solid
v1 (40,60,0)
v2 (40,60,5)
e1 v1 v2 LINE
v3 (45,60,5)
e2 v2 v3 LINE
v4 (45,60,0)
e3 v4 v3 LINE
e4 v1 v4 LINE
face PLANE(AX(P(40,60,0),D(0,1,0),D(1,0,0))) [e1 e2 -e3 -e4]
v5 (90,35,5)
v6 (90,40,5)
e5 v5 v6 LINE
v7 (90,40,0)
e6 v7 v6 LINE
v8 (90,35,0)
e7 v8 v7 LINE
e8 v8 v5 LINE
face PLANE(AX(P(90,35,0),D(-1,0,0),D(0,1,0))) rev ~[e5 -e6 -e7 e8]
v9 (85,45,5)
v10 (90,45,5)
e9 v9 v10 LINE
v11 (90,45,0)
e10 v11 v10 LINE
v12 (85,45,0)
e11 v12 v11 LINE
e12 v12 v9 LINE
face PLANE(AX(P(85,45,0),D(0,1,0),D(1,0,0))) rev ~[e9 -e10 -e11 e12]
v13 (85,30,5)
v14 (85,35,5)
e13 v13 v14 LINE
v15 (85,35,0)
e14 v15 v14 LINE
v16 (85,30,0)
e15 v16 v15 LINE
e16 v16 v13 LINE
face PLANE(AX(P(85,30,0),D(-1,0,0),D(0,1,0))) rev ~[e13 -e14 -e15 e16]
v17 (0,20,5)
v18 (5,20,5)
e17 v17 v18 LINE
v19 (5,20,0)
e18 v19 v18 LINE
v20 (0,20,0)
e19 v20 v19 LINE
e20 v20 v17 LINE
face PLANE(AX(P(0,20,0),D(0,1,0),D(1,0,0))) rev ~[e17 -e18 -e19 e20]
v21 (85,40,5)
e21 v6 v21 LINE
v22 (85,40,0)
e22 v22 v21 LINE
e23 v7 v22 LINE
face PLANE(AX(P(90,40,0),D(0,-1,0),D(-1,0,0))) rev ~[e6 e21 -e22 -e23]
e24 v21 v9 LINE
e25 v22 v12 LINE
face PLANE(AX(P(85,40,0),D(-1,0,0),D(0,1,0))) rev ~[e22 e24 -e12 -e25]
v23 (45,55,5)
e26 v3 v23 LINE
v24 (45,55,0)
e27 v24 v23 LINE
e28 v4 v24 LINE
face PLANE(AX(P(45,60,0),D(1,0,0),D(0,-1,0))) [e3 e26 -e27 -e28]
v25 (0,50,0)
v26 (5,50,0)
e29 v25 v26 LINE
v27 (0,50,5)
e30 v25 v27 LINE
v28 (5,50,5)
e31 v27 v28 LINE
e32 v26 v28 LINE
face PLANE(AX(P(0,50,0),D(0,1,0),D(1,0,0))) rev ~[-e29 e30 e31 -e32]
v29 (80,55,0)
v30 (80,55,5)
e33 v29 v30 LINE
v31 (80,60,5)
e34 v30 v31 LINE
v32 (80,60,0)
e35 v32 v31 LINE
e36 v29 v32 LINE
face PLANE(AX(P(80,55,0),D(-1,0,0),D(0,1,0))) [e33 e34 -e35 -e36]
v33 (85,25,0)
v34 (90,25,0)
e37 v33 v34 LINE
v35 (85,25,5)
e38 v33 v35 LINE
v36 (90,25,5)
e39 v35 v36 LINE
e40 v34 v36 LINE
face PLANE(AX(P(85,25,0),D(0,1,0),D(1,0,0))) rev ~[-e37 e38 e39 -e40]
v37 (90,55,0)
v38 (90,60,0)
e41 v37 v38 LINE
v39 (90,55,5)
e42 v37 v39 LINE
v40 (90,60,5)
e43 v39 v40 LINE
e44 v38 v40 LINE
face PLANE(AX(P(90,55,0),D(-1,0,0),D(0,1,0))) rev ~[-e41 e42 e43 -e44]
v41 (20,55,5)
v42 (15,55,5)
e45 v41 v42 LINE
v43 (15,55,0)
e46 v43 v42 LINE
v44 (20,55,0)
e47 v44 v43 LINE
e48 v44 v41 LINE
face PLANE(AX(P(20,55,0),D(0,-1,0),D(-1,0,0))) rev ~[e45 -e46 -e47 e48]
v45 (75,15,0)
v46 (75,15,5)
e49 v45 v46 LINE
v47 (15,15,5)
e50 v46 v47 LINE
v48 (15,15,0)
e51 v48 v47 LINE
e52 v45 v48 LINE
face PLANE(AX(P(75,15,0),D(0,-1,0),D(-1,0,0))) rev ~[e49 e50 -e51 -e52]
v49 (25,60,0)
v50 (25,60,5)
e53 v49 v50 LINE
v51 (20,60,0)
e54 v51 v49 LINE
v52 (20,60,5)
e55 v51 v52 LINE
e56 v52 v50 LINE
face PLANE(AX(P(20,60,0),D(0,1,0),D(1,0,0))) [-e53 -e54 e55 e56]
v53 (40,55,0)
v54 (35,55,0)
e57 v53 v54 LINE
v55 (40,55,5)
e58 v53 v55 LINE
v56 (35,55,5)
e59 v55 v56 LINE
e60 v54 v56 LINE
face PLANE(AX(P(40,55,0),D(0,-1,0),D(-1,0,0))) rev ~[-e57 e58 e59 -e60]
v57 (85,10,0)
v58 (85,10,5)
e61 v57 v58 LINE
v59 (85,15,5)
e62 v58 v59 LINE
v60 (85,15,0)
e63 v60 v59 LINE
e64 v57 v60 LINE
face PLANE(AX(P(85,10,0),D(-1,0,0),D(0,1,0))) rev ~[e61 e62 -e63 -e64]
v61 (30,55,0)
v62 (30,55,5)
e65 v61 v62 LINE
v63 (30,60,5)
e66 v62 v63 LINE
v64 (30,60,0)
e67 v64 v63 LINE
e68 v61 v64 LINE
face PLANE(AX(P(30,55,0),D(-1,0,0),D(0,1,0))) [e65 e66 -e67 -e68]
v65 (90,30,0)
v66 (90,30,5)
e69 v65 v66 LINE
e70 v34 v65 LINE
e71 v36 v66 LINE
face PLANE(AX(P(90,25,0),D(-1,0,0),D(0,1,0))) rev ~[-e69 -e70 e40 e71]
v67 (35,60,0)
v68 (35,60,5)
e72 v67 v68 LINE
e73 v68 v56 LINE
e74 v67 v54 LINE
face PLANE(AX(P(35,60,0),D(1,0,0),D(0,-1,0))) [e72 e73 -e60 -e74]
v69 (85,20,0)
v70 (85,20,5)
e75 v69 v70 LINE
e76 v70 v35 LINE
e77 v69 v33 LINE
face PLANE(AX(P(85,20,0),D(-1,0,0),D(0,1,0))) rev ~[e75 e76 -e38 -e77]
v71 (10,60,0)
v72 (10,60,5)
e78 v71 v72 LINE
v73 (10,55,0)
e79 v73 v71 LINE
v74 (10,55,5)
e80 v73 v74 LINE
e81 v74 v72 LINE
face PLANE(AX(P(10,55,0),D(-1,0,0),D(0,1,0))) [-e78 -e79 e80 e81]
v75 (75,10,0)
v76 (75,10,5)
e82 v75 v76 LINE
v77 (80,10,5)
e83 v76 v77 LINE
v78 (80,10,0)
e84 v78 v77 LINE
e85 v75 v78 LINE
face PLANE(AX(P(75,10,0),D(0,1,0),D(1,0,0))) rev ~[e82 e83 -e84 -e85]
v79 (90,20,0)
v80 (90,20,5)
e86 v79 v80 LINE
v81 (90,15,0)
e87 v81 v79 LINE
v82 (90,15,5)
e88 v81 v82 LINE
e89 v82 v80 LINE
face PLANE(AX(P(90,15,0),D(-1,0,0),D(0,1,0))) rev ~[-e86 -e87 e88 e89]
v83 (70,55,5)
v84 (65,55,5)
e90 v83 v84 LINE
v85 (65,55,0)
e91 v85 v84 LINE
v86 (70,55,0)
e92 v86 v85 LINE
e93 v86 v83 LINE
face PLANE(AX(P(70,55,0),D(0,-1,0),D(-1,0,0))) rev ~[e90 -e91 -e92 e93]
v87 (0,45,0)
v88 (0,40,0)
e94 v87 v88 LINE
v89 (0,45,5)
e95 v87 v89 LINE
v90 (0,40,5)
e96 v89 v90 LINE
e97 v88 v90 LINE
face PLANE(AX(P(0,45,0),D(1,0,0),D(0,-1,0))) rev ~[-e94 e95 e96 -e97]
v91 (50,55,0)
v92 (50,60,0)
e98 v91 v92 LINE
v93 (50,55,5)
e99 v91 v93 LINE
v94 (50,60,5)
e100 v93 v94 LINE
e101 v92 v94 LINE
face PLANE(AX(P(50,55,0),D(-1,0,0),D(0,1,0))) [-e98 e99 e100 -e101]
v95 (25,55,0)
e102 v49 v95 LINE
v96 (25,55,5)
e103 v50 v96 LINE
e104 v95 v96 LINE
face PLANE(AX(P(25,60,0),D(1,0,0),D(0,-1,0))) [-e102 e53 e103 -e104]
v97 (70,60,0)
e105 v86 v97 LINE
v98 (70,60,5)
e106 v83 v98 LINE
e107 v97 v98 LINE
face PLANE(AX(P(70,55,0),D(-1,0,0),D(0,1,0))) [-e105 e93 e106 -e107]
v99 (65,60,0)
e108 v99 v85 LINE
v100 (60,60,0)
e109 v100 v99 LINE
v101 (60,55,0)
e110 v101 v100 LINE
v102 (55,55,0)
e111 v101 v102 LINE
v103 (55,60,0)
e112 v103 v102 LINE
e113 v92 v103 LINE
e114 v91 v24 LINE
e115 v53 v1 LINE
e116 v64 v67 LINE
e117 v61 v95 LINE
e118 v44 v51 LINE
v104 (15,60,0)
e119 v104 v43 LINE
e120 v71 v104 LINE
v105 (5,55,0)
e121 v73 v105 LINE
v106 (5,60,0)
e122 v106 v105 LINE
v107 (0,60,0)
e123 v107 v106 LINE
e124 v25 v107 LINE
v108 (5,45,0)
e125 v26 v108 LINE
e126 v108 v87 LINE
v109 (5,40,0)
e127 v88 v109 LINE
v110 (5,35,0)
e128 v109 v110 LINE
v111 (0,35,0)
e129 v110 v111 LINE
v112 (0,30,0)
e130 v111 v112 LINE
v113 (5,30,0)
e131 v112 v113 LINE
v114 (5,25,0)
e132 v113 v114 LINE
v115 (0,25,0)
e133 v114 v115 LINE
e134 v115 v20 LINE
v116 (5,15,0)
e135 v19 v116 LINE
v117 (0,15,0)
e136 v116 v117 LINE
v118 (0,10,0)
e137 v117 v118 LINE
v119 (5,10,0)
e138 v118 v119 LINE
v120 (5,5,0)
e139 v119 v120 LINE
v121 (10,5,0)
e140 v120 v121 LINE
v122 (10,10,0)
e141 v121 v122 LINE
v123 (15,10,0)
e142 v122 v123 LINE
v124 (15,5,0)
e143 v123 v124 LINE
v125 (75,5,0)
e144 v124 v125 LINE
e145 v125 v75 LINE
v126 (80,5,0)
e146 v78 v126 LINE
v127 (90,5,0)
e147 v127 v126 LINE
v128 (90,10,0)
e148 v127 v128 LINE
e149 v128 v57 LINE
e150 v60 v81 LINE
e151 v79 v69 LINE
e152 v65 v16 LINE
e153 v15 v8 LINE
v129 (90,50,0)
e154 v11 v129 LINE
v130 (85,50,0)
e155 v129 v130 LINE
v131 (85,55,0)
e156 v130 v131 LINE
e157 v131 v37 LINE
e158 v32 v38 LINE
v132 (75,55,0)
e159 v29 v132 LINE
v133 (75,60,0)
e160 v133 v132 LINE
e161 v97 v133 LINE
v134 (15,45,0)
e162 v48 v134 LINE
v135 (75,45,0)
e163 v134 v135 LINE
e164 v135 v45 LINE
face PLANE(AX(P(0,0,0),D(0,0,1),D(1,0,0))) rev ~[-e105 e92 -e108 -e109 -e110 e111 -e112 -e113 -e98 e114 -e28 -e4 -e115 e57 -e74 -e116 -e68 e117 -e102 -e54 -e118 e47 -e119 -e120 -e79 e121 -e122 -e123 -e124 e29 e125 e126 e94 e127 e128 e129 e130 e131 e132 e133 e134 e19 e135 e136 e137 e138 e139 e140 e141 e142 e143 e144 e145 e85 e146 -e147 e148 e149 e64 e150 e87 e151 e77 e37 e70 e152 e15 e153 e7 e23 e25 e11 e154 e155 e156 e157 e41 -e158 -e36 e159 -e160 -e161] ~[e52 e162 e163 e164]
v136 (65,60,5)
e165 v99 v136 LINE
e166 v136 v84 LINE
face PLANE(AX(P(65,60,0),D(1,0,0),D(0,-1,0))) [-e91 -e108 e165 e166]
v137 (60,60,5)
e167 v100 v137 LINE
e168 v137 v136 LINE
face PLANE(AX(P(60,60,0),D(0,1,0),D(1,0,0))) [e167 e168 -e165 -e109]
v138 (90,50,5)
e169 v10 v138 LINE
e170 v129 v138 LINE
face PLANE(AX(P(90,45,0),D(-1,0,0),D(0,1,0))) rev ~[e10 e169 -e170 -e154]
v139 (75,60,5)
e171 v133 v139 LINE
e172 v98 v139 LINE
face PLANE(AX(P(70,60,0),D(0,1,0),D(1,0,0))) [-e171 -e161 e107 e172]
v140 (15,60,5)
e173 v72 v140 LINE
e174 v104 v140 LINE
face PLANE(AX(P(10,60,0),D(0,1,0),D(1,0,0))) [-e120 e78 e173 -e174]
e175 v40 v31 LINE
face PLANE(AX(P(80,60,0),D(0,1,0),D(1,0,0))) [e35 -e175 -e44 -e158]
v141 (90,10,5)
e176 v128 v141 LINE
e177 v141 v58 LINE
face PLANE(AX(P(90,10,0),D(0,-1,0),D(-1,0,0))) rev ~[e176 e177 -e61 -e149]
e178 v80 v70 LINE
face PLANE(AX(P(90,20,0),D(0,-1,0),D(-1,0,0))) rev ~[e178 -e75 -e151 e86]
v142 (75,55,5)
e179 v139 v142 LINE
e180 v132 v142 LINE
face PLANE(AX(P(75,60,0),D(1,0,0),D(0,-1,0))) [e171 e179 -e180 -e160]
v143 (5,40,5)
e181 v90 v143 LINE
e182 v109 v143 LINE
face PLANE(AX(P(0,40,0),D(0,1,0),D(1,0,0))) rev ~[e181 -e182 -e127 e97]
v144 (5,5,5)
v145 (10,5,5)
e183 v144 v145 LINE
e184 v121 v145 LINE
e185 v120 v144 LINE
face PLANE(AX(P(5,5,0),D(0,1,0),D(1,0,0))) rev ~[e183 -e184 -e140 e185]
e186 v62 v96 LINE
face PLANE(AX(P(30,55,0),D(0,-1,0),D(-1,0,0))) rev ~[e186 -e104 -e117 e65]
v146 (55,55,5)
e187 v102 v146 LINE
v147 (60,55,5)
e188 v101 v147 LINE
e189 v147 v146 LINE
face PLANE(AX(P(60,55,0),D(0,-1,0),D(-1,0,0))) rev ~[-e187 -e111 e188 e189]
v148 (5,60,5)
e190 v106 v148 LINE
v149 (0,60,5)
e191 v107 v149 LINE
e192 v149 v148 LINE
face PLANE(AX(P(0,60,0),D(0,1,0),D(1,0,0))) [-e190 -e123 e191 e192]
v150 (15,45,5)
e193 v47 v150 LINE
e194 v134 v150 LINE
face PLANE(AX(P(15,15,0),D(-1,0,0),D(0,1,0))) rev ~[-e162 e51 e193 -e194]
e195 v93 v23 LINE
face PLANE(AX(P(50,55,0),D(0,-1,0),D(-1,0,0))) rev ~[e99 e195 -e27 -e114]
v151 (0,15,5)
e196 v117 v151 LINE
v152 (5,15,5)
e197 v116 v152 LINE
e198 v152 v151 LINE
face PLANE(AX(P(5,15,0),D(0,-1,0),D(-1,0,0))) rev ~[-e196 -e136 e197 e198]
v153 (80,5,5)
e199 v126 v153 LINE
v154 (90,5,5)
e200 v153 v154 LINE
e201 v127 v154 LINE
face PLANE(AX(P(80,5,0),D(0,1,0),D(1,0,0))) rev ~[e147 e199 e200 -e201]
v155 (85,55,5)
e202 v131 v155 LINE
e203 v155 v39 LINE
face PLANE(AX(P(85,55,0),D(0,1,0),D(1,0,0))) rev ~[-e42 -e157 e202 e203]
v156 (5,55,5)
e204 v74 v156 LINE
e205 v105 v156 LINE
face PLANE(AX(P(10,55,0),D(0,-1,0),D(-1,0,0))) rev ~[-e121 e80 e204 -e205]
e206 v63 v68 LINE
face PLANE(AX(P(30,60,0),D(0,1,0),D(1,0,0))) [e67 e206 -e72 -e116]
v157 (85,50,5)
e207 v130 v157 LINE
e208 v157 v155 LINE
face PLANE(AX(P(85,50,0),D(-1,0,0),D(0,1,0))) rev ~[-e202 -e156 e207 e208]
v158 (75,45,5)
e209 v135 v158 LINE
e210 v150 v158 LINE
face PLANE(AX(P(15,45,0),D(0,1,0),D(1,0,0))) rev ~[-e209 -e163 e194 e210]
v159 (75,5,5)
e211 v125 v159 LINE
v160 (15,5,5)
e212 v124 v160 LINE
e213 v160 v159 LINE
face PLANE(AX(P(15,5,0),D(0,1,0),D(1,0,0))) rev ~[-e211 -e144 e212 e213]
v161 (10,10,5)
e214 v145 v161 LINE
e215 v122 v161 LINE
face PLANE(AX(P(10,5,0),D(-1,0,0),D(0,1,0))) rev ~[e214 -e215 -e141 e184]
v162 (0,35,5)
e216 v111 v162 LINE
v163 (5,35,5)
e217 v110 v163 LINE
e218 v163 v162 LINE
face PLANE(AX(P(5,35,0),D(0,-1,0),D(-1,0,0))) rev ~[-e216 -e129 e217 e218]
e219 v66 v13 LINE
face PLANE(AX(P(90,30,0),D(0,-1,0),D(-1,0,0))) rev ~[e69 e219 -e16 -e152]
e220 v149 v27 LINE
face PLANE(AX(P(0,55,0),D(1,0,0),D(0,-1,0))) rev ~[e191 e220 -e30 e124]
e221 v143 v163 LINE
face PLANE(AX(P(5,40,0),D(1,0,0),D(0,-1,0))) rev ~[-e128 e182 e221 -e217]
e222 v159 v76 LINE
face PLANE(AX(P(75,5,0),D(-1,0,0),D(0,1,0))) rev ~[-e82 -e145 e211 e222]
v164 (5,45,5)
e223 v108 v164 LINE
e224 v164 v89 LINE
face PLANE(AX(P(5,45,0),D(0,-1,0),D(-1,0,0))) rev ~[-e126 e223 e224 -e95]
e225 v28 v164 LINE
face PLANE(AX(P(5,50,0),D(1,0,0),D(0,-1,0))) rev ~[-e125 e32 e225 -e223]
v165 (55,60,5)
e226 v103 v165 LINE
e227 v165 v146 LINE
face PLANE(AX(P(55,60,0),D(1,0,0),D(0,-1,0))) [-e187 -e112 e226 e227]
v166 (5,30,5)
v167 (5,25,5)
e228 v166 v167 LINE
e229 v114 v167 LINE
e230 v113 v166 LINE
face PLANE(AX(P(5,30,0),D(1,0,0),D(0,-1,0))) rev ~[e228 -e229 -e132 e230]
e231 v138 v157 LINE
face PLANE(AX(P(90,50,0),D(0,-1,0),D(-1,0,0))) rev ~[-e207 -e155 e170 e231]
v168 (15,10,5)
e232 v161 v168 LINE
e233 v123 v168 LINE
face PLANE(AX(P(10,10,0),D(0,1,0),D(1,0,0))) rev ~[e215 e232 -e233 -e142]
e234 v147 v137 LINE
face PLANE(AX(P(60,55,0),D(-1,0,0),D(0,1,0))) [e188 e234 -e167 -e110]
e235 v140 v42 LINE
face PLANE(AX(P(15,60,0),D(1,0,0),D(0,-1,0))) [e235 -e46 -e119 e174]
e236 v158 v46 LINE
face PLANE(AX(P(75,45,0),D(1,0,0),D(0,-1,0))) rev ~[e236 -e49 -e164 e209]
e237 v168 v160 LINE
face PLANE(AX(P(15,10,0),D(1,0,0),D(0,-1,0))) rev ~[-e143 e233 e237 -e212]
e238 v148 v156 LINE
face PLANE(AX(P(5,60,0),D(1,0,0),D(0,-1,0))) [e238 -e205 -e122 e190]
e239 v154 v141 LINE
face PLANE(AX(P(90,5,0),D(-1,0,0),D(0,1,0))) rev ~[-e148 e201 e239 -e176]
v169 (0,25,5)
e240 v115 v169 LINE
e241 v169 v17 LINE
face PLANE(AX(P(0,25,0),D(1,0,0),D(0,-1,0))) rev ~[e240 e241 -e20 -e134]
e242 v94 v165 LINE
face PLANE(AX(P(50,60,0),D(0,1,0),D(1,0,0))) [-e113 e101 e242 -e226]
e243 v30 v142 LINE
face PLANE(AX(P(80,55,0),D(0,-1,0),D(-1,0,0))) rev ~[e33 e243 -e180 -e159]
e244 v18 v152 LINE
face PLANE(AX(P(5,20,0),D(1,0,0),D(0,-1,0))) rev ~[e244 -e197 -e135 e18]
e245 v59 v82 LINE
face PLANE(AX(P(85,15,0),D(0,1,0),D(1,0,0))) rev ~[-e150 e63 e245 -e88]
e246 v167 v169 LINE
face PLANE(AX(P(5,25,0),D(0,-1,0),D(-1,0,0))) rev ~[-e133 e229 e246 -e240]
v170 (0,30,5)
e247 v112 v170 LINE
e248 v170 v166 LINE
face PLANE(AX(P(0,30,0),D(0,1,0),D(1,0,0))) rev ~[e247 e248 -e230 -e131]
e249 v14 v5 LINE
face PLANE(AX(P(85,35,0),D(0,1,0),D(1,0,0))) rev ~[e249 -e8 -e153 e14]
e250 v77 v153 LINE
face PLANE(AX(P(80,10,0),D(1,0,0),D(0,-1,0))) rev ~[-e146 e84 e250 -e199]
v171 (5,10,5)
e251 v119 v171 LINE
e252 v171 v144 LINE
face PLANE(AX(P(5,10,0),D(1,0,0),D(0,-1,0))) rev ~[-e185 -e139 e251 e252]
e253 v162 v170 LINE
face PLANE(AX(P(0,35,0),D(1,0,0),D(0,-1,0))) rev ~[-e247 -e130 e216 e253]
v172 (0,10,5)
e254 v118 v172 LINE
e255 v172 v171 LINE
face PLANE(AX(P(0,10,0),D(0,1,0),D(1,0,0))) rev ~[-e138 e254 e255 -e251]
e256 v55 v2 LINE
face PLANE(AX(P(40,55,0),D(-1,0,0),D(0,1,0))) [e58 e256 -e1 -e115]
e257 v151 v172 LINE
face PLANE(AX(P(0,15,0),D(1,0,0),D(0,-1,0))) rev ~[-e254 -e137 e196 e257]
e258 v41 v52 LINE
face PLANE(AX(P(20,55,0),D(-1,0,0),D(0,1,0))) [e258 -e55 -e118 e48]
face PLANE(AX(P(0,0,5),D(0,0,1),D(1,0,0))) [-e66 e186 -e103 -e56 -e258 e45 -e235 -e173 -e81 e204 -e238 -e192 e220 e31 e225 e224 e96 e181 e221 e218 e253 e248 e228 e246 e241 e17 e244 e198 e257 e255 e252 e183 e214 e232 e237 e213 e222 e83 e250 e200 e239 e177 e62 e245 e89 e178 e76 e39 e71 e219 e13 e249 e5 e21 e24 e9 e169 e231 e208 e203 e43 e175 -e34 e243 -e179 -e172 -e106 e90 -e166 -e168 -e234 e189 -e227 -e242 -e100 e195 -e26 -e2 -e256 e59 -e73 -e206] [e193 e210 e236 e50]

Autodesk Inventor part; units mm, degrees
ref_plane "YZ Plane" through (0, 0, 0) normal (1, 0, 0) x (0, 1, 0)
ref_plane "XZ Plane" through (0, 0, 0) normal (0, 1, 0) x (-1, 0, 0)
ref_plane "XY Plane" through (0, 0, 0) normal (0, 0, 1) x (1, 0, 0)
sketch "Sketch1" plane through (0, 0, 0) normal (0, 0, 1) x (1, 0, 0)
  line L0 (5, 5) -> (85, 5)
  line L1 (85, 5) -> (85, 55)
  line L2 (85, 55) -> (5, 55)
  line L3 (5, 55) -> (5, 5)
  line L4 (0, 60) -> (5, 60)
  line L5 (5, 60) -> (5, 55)
  line L6 (5, 55) -> (0, 55)
  line L7 (0, 55) -> (0, 60)
  line L8 (0, 50) -> (5, 50)
  line L9 (5, 50) -> (5, 55)
  line L10 (5, 55) -> (0, 55)
  line L11 (0, 55) -> (0, 50)
  line L12 (5, 45) -> (0, 45)
  line L13 (0, 40) -> (5, 40)
  line L14 (5, 40) -> (5, 45)
  line L15 (5, 45) -> (0, 45)
  line L16 (0, 45) -> (0, 40)
  line L17 (5, 35) -> (0, 35)
  line L18 (0, 30) -> (5, 30)
  line L19 (5, 30) -> (5, 35)
  line L20 (5, 35) -> (0, 35)
  line L21 (0, 35) -> (0, 30)
  line L22 (5, 25) -> (0, 25)
  line L23 (0, 20) -> (5, 20)
  line L24 (5, 20) -> (5, 25)
  line L25 (5, 25) -> (0, 25)
  line L26 (0, 25) -> (0, 20)
  line L27 (5, 15) -> (0, 15)
  line L28 (0, 10) -> (5, 10)
  line L29 (5, 10) -> (5, 15)
  line L30 (5, 15) -> (0, 15)
  line L31 (0, 15) -> (0, 10)
  line L32 (15, 55) -> (10, 55)
  line L33 (15, 55) -> (10, 55)
  line L34 (10, 60) -> (15, 60)
  line L35 (10, 55) -> (10, 60)
  line L36 (15, 60) -> (15, 55)
  line L37 (25, 55) -> (20, 55)
  line L38 (25, 55) -> (20, 55)
  line L39 (20, 60) -> (25, 60)
  line L40 (20, 55) -> (20, 60)
  line L41 (25, 60) -> (25, 55)
  line L42 (35, 55) -> (30, 55)
  line L43 (35, 55) -> (30, 55)
  line L44 (30, 60) -> (35, 60)
  line L45 (30, 55) -> (30, 60)
  line L46 (35, 60) -> (35, 55)
  line L47 (45, 55) -> (40, 55)
  line L48 (45, 55) -> (40, 55)
  line L49 (40, 60) -> (45, 60)
  line L50 (40, 55) -> (40, 60)
  line L51 (45, 60) -> (45, 55)
  line L52 (55, 55) -> (50, 55)
  line L53 (55, 55) -> (50, 55)
  line L54 (50, 60) -> (55, 60)
  line L55 (50, 55) -> (50, 60)
  line L56 (55, 60) -> (55, 55)
  line L57 (65, 55) -> (60, 55)
  line L58 (65, 55) -> (60, 55)
  line L59 (60, 60) -> (65, 60)
  line L60 (60, 55) -> (60, 60)
  line L61 (65, 60) -> (65, 55)
  line L62 (75, 55) -> (70, 55)
  line L63 (75, 55) -> (70, 55)
  line L64 (70, 60) -> (75, 60)
  line L65 (70, 55) -> (70, 60)
  line L66 (75, 60) -> (75, 55)
  line L67 (85, 55) -> (80, 55)
  line L68 (85, 55) -> (80, 55)
  line L69 (80, 60) -> (85, 60)
  line L70 (80, 55) -> (80, 60)
  line L71 (85, 60) -> (85, 55)
  line L72 (90, 60) -> (85, 60)
  line L73 (85, 60) -> (85, 55)
  line L74 (85, 55) -> (90, 55)
  line L75 (90, 55) -> (90, 60)
  line L76 (90, 50) -> (85, 50)
  line L77 (85, 45) -> (90, 45)
  line L78 (90, 45) -> (90, 50)
  line L79 (90, 40) -> (85, 40)
  line L80 (85, 35) -> (90, 35)
  line L81 (90, 35) -> (90, 40)
  line L82 (90, 30) -> (85, 30)
  line L83 (85, 25) -> (90, 25)
  line L84 (90, 25) -> (90, 30)
  line L85 (90, 20) -> (85, 20)
  line L86 (85, 15) -> (90, 15)
  line L87 (90, 15) -> (90, 20)
  line L88 (90, 10) -> (85, 10)
  line L89 (85, 5) -> (90, 5)
  line L90 (90, 5) -> (90, 10)
  line L91 (10, 10) -> (15, 10)
  line L92 (15, 10) -> (15, 5)
  line L93 (15, 5) -> (10, 5)
  line L94 (10, 5) -> (10, 10)
  line L95 (75, 10) -> (80, 10)
  line L96 (80, 10) -> (80, 5)
  line L97 (80, 5) -> (75, 5)
  line L98 (75, 5) -> (75, 10)
  line L99 (15, 45) -> (75, 45)
  line L100 (75, 45) -> (75, 15)
  line L101 (75, 15) -> (15, 15)
  line L102 (15, 15) -> (15, 45)
  point P0 (0, 0)
  point P1 (10, 50)
  point P2 (20, 50)
  point P3 (30, 50)
  point P4 (40, 50)
  point P5 (50, 50)
  point P6 (60, 50)
  point P7 (70, 50)
  point P8 (80, 50)
  dimension "d2" = 10
  dimension "d9" = 10
  dimension "d16" = 10
extrude "Extrusion1" add sketch "Sketch1" along normal blind 5 contours L3 L2 L1 L0 L96 L95 L98 L92 L91 L94 | L28 L31 L27 L3 | L23 L26 L22 L3 | L1 L88 L90 L89 | L18 L21 L17 L3 | L1 L85 L87 L86 | L13 L16 L12 L3 | L1 L82 L84 L83 | L8 L11 L6 L3 | L6 L7 L4 L5 | L1 L79 L81 L80 | L35 L34 L36 L2 | L1 L76 L78 L77 | L40 L39 L41 L2 | L2 L70 L69 L71 | L71 L72 L75 L74 | L45 L44 L46 L2 | L2 L65 L64 L66 | L50 L49 L51 L2 | L2 L60 L59 L61 | L55 L54 L56 L2
properties part number "leftrightsidehole"
